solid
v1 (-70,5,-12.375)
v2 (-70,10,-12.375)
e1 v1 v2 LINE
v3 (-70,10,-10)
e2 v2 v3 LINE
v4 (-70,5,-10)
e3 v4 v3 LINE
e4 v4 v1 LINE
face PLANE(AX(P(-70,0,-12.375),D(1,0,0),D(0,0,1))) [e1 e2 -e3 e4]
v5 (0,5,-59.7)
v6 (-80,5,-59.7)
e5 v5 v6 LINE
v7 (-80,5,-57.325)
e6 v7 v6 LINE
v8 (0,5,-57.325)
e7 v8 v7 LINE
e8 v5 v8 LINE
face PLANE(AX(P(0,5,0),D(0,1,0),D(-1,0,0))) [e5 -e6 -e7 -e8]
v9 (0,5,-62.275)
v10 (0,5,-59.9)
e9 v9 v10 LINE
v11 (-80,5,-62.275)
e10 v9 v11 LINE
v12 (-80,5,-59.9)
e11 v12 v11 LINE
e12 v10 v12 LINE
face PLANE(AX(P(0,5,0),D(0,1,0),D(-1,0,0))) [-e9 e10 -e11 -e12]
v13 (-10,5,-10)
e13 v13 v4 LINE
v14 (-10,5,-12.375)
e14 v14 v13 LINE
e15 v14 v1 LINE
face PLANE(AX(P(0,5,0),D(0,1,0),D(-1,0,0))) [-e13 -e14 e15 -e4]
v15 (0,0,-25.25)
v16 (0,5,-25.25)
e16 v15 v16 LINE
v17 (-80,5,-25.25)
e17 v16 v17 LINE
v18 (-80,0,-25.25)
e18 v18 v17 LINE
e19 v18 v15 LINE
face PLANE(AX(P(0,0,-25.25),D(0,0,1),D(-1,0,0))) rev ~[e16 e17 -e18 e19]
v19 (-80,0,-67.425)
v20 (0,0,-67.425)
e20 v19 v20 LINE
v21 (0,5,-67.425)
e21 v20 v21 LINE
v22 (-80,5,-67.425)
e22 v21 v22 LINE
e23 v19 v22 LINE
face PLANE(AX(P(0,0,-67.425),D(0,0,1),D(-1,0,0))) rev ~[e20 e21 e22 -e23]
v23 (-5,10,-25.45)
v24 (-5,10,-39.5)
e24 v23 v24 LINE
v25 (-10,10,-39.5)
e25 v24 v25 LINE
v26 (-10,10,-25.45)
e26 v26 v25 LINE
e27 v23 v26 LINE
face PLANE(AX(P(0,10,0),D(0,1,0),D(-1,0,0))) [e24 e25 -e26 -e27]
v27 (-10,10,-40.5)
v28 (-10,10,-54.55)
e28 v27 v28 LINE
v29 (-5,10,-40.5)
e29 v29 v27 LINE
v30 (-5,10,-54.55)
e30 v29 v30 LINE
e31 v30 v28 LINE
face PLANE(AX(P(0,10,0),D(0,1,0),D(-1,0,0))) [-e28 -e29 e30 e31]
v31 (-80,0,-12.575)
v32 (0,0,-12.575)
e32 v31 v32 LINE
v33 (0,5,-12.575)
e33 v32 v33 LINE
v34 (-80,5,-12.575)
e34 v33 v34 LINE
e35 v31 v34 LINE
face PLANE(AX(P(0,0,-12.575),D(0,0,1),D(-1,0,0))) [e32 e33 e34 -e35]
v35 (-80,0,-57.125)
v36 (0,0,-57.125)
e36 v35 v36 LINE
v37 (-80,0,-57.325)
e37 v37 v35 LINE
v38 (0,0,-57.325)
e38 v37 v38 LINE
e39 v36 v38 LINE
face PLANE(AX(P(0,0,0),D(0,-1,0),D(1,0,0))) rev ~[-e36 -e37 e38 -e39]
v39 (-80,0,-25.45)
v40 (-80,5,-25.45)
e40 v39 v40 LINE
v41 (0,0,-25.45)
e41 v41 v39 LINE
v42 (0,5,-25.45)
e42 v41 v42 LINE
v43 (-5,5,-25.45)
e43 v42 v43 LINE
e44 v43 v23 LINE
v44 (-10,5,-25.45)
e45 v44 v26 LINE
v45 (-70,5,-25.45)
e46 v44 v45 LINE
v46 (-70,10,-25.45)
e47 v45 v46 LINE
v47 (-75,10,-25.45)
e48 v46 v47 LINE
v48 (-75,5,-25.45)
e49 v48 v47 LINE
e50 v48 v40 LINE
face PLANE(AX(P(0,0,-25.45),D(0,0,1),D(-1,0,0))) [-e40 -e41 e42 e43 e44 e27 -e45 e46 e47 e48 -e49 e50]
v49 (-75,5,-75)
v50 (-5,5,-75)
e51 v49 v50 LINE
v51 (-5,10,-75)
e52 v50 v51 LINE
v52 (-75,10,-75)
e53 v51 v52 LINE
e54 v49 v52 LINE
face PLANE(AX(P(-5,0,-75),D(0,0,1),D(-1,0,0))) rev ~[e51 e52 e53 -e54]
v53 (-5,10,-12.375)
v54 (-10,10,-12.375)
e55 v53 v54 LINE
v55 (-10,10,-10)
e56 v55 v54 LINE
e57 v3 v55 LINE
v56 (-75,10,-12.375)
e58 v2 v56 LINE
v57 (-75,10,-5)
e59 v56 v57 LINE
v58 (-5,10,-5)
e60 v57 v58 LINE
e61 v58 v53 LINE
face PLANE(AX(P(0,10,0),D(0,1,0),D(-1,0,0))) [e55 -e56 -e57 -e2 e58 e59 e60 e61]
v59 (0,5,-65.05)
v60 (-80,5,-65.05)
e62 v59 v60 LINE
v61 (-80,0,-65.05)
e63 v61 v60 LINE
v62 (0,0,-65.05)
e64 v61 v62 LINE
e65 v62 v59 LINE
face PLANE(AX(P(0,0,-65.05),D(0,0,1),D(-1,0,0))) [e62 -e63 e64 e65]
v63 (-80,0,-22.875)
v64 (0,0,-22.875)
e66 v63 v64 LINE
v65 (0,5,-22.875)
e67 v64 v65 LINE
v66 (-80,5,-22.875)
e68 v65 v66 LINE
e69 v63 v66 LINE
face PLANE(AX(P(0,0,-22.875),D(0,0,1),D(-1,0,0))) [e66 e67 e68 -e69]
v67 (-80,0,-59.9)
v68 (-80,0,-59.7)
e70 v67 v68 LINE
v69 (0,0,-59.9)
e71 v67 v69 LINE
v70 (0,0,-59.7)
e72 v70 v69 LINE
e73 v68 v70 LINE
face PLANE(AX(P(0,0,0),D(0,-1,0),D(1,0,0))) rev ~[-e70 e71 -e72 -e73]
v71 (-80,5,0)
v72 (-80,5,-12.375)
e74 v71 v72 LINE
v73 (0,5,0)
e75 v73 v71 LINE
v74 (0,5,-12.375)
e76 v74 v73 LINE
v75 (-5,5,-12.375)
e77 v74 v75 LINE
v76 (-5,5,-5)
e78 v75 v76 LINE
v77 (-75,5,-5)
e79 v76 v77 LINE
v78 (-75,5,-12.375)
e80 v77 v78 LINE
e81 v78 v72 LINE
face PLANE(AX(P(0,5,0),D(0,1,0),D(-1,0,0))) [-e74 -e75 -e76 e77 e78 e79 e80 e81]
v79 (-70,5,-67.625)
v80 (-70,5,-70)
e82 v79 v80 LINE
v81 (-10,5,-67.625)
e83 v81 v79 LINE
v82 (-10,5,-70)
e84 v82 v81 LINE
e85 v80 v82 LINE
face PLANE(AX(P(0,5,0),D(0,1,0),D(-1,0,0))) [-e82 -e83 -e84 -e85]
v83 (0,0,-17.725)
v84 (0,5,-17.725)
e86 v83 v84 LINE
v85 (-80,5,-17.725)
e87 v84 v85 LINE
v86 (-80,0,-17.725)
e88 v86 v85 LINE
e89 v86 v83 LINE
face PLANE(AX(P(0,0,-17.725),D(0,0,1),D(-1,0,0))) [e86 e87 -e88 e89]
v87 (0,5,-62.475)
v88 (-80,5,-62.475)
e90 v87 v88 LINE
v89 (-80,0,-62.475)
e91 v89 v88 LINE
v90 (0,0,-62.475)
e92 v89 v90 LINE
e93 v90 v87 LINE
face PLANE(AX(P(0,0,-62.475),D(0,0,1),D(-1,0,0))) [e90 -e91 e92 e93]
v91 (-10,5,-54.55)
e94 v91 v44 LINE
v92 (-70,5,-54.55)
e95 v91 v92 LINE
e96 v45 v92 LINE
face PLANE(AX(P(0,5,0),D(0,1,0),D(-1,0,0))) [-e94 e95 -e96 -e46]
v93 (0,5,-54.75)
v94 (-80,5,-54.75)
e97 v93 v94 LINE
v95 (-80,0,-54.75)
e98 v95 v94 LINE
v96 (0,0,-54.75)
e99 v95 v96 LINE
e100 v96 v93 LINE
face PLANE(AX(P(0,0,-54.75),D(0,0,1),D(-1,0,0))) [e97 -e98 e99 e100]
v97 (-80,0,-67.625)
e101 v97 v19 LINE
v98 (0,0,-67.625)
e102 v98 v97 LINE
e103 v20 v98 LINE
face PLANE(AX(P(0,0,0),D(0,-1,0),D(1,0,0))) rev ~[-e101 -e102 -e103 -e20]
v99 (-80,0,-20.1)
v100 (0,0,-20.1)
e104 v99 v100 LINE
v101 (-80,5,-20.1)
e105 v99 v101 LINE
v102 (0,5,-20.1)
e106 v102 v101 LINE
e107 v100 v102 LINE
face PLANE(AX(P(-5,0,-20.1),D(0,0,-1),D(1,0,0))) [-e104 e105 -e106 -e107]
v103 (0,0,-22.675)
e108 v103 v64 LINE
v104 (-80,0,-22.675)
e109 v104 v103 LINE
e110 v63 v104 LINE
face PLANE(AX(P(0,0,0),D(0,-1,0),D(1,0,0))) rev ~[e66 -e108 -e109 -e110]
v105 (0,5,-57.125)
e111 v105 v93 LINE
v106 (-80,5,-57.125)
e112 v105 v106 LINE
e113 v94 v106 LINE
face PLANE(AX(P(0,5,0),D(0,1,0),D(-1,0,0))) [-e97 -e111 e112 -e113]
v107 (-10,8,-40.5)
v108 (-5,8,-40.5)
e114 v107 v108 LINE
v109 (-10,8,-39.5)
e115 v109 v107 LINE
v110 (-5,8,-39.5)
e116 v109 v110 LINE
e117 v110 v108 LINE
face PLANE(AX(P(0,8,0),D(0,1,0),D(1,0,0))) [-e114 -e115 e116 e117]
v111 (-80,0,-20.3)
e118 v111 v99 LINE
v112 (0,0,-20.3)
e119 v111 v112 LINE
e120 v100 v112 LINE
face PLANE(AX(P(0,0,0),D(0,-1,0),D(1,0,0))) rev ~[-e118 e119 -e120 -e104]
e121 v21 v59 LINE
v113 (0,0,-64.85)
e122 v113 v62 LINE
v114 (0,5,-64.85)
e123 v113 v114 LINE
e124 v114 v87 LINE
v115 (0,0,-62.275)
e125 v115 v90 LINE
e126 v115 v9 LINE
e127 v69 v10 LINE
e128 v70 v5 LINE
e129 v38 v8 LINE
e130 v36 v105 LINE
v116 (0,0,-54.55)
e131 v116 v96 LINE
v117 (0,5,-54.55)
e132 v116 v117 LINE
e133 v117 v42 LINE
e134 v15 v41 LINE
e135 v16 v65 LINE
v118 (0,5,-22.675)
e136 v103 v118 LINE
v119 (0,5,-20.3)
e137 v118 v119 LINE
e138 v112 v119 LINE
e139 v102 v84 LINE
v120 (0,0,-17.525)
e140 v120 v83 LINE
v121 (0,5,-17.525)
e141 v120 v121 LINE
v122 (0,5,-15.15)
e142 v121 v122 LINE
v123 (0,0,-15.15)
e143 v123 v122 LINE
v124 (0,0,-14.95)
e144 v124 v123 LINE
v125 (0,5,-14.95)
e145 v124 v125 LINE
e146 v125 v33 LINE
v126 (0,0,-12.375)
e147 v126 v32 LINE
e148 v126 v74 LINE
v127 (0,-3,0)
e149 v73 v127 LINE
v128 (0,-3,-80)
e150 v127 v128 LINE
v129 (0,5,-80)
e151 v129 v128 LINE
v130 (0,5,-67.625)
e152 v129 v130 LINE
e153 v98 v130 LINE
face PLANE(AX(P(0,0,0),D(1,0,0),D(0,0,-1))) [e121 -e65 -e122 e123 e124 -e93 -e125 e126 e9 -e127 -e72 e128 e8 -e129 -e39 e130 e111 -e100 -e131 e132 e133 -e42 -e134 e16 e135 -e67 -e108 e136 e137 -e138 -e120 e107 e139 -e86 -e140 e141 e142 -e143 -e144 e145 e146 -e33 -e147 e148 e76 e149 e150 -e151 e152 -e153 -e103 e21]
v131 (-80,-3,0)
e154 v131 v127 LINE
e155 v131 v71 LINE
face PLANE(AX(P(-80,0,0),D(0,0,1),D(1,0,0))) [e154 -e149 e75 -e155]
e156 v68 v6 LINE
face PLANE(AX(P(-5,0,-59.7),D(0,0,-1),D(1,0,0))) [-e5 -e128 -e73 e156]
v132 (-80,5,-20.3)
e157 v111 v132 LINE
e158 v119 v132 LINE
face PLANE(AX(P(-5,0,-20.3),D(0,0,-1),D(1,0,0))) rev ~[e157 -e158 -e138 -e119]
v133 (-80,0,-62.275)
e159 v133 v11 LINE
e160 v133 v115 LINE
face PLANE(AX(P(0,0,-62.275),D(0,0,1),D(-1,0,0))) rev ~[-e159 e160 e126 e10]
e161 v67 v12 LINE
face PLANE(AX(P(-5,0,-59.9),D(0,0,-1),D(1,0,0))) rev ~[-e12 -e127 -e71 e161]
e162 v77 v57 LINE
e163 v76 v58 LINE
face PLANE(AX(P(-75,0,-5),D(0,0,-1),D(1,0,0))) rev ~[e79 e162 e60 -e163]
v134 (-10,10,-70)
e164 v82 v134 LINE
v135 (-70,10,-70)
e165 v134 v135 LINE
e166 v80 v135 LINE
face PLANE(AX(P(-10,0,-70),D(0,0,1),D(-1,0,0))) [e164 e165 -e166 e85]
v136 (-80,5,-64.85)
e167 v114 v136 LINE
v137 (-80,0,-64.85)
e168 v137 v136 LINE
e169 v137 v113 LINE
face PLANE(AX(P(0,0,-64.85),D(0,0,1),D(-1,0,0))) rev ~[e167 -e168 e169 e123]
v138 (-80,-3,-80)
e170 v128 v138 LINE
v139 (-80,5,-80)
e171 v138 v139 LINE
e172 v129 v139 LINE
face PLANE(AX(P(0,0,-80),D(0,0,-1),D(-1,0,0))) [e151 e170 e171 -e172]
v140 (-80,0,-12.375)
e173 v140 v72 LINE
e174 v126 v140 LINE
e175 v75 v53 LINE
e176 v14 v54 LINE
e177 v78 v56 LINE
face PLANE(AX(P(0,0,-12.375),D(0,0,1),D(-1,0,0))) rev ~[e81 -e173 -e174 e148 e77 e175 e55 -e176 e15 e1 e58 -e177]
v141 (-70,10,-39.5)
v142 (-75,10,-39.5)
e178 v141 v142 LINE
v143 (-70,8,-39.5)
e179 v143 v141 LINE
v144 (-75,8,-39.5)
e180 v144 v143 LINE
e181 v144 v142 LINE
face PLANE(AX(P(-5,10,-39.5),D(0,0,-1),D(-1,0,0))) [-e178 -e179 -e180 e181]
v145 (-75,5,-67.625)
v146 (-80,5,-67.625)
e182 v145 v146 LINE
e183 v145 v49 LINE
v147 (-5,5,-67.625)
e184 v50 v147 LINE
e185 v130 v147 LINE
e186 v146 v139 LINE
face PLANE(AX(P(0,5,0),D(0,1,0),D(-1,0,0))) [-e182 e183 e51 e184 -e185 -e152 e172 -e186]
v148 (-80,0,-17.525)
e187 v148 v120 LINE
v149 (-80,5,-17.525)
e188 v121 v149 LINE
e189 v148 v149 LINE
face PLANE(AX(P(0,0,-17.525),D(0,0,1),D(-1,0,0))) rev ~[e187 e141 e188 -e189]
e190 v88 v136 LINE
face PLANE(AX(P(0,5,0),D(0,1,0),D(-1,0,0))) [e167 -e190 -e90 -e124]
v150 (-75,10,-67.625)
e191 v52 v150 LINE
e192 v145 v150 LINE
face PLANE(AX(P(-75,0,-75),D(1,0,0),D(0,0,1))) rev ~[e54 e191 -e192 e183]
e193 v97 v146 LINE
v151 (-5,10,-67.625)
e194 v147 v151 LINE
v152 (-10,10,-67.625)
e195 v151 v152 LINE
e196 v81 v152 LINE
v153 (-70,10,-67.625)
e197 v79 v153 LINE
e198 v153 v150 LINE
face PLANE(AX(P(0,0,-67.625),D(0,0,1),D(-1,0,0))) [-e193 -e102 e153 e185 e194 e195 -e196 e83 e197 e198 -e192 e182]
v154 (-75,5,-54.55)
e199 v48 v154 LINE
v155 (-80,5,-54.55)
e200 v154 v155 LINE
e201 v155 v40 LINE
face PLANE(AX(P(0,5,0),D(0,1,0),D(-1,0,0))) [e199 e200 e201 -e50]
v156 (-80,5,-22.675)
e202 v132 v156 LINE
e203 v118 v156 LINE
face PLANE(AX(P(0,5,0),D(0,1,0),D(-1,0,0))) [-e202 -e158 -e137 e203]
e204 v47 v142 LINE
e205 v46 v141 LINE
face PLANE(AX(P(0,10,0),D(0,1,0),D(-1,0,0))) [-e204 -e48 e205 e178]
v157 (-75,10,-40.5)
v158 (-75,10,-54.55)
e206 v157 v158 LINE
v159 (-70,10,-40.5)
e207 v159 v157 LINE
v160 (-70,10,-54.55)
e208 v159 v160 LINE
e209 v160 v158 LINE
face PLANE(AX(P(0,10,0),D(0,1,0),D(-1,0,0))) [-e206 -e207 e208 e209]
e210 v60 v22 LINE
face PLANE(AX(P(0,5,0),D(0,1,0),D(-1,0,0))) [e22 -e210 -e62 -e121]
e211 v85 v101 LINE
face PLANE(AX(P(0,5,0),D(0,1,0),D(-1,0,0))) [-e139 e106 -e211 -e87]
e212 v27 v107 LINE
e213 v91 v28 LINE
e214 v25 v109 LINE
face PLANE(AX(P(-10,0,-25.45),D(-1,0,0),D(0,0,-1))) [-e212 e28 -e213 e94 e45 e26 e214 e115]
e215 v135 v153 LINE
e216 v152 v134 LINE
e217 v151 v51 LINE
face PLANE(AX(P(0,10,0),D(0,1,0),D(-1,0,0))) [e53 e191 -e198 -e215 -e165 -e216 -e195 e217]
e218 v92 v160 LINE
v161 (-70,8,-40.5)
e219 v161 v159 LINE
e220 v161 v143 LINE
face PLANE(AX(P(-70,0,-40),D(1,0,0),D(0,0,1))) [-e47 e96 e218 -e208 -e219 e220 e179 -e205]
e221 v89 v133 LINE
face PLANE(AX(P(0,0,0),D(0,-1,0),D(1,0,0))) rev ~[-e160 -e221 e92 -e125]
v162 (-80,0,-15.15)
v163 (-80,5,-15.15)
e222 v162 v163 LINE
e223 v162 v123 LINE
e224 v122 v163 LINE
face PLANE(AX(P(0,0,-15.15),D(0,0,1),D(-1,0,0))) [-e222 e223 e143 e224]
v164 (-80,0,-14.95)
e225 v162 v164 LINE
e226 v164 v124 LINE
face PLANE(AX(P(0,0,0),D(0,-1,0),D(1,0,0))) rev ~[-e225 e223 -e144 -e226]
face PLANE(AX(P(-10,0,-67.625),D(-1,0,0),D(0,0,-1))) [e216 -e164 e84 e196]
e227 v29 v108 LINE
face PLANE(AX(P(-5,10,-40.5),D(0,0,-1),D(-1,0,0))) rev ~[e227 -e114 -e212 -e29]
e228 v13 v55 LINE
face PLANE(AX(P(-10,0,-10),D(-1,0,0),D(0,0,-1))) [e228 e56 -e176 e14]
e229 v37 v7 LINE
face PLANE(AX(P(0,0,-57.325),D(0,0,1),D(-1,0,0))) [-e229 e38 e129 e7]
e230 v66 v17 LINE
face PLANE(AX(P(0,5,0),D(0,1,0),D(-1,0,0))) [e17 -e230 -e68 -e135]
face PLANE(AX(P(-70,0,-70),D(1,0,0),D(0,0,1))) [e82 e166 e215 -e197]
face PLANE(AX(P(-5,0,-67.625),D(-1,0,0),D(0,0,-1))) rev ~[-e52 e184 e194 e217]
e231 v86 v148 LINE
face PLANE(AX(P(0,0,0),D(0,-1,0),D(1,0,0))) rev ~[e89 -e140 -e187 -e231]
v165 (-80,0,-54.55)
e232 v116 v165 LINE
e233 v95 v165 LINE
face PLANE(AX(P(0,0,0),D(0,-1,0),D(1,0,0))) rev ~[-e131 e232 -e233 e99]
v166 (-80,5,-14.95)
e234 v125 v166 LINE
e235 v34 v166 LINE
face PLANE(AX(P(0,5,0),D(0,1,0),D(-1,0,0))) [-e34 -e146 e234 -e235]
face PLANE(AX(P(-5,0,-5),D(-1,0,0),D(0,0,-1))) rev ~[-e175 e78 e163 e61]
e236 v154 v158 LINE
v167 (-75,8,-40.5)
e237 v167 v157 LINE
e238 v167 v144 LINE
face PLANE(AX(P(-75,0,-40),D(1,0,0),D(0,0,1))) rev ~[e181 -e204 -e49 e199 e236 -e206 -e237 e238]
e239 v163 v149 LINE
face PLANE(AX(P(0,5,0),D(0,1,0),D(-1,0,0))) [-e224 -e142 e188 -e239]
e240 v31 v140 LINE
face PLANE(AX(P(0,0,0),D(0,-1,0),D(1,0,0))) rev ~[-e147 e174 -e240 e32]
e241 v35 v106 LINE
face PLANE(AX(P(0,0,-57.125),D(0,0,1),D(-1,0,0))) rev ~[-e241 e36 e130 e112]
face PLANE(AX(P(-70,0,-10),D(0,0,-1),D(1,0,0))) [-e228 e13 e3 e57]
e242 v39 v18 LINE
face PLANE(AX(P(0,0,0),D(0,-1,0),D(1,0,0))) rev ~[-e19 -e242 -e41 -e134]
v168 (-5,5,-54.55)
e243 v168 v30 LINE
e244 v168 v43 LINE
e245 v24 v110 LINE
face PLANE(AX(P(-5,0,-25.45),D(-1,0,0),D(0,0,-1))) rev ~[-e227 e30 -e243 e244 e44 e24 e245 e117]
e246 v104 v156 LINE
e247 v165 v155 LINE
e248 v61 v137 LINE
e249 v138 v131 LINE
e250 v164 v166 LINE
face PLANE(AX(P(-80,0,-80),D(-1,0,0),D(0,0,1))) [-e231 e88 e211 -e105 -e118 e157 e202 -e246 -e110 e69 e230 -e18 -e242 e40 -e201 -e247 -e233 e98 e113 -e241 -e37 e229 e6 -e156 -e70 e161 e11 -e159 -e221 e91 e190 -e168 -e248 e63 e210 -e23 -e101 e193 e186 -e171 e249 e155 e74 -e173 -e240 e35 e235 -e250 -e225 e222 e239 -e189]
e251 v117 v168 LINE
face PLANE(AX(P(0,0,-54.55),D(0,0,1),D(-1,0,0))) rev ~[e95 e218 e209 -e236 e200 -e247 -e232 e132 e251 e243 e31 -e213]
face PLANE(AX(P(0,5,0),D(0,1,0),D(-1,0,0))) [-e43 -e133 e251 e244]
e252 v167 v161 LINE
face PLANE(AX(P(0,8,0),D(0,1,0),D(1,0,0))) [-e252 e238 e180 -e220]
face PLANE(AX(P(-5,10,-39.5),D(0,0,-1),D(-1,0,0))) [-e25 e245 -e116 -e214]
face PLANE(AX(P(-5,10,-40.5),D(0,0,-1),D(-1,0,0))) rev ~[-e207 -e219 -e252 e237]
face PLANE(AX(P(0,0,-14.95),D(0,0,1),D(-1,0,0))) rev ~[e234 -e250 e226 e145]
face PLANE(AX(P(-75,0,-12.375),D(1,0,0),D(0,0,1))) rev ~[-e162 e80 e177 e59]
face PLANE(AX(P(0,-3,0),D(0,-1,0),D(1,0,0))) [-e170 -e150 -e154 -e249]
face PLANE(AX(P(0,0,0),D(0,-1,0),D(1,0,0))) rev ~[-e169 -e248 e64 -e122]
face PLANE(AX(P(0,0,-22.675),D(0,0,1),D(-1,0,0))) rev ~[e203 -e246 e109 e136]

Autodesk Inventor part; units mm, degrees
ref_plane "YZ Plane" through (0, 0, 0) normal (1, 0, 0) x (0, 1, 0)
ref_plane "XZ Plane" through (0, 0, 0) normal (0, 1, 0) x (-1, 0, 0)
ref_plane "XY Plane" through (0, 0, 0) normal (0, 0, 1) x (1, 0, 0)
sketch "Boceto1" plane through (0, 0, 0) normal (0, 1, 0) x (-1, 0, 0)
  line L0 (0, 0) -> (80, 0)
  line L1 (80, 0) -> (80, -80)
  line L2 (80, -80) -> (0, -80)
  line L3 (0, -80) -> (0, 0)
  line L4 (10, -70) -> (70, -70)
  line L5 (70, -70) -> (70, -10)
  line L6 (70, -10) -> (10, -10)
  line L7 (10, -10) -> (10, -70)
  line L8 (0, -12.375) -> (80, -12.375)
  line L9 (0, -14.95) -> (80, -14.95)
  line L10 (0, -17.525) -> (80, -17.525)
  line L11 (80, -20.1) -> (0, -20.1)
  line L12 (0, -22.675) -> (80, -22.675)
  line L13 (0, -12.575) -> (80, -12.575)
  line L14 (0, -15.15) -> (80, -15.15)
  line L15 (0, -17.725) -> (80, -17.725)
  line L16 (80, -20.3) -> (0, -20.3)
  line L17 (0, -22.875) -> (80, -22.875)
  line L18 (0, -25.25) -> (80, -25.25)
  line L19 (0, -25.45) -> (80, -25.45)
  line L20 (10, -40) -> (80, -40)
  line L21 (0, -67.625) -> (80, -67.625)
  line L22 (0, -65.05) -> (80, -65.05)
  line L23 (0, -62.475) -> (80, -62.475)
  line L24 (80, -59.9) -> (0, -59.9)
  line L25 (0, -57.325) -> (80, -57.325)
  line L26 (0, -67.425) -> (80, -67.425)
  line L27 (0, -64.85) -> (80, -64.85)
  line L28 (0, -62.275) -> (80, -62.275)
  line L29 (80, -59.7) -> (0, -59.7)
  line L30 (0, -57.125) -> (80, -57.125)
  line L31 (0, -54.75) -> (80, -54.75)
  line L32 (0, -54.55) -> (80, -54.55)
  line L33 (75, -5) -> (5, -5)
  line L34 (5, -5) -> (5, -75)
  line L35 (5, -75) -> (75, -75)
  line L36 (75, -75) -> (75, -5)
  line L37 (5, 0) -> (0, 0)
  line L38 (5, -80) -> (0, -80)
  point P0 (10, -12.375)
  point P1 (70, -12.375)
  point P2 (10, -14.95)
  point P3 (70, -14.95)
  point P4 (10, -17.525)
  point P5 (70, -17.525)
  point P6 (70, -20.1)
  point P7 (10, -20.1)
  point P8 (10, -22.675)
  point P9 (70, -22.675)
  point P10 (10, -12.575)
  point P11 (70, -12.575)
  point P12 (10, -15.15)
  point P13 (70, -15.15)
  point P14 (10, -17.725)
  point P15 (70, -17.725)
  point P16 (70, -20.3)
  point P17 (10, -20.3)
  point P18 (10, -22.875)
  point P19 (70, -22.875)
  point P20 (10, -25.25)
  point P21 (70, -25.25)
  point P22 (10, -25.45)
  point P23 (70, -25.45)
  point P24 (10, -67.625)
  point P25 (70, -67.625)
  point P26 (10, -65.05)
  point P27 (70, -65.05)
  point P28 (10, -62.475)
  point P29 (70, -62.475)
  point P30 (70, -59.9)
  point P31 (10, -59.9)
  point P32 (10, -57.325)
  point P33 (70, -57.325)
  point P34 (10, -67.425)
  point P35 (70, -67.425)
  point P36 (10, -64.85)
  point P37 (70, -64.85)
  point P38 (10, -62.275)
  point P39 (70, -62.275)
  point P40 (70, -59.7)
  point P41 (10, -59.7)
  point P42 (10, -57.125)
  point P43 (70, -57.125)
  point P44 (10, -54.75)
  point P45 (70, -54.75)
  point P46 (10, -54.55)
  point P47 (70, -54.55)
  point P48 (75, -12.375)
  point P49 (5, -12.375)
  point P50 (75, -54.55)
  point P51 (75, -25.45)
  point P52 (70, -25.45)
  point P53 (70, -54.55)
  point P54 (5, -25.45)
  point P55 (5, -54.55)
  point P56 (10, -54.55)
  point P57 (10, -25.45)
  point P58 (10, -67.625)
  point P59 (5, -67.625)
  point P60 (75, -67.625)
  point P61 (70, -67.625)
  dimension "d0" = 80
  dimension "d1" = 80
  dimension "d2" = 60
  dimension "d3" = 60
  dimension "d4" = 10
  dimension "d5" = 10
  dimension "d6" = 2.375
  dimension "d7" = 0.2
  dimension "d8" = 2.375
  dimension "d9" = 0.2
  dimension "d10" = 0.2
  dimension "d11" = 0.2
  dimension "d12" = 0.2
  dimension "d13" = 2.375
  dimension "d14" = 2.375
  dimension "d15" = 2.375
  dimension "d16" = 2.375
  dimension "d17" = 0.2
  dimension "d26" = 5
extrude "Extrusión1" add sketch "Boceto1" along normal blind 5 contours L0 L1 L8 L36 L33 L34 L3 | L13 L34 L9 L3 | L34 L33 L36 L8 L5 L6 L7 | L13 L7 L9 L34 | L7 L6 L5 L8 | L1 L9 L36 L13 | L14 L34 L10 L3 | L13 L5 L9 L7 | L36 L9 L5 L13 | L14 L7 L10 L34 | L1 L10 L36 L14 | L15 L34 L11 L3 | L14 L5 L10 L7 | L36 L10 L5 L14 | L15 L7 L11 L34 | L1 L11 L36 L15 | L16 L34 L12 L3 | L15 L5 L11 L7 | L36 L11 L5 L15 | L16 L7 L12 L34 | L1 L12 L36 L16 | L17 L34 L18 L3 | L16 L5 L12 L7 | L36 L12 L5 L16 | L17 L7 L18 L34 | L1 L18 L36 L17 | L19 L34 L32 L3 | L17 L5 L18 L7 | L36 L18 L5 L17 | L19 L7 L32 L34 | L1 L20 L36 L19 | L31 L34 L30 L3 | L19 L5 L20 L7 | L1 L32 L36 L20 | L36 L20 L5 L19 | L31 L7 L30 L34 | L7 L20 L5 L32 | L36 L32 L5 L20 | L25 L34 L29 L3 | L31 L5 L30 L7 | L1 L30 L36 L31 | L25 L7 L29 L34 | L31 L36 L30 L5 | L24 L34 L28 L3 | L25 L5 L29 L7 | L1 L29 L36 L25 | L24 L7 L28 L34 | L25 L36 L29 L5 | L23 L34 L27 L3 | L24 L5 L28 L7 | L1 L28 L36 L24 | L23 L7 L27 L34 | L24 L36 L28 L5 | L22 L34 L26 L3 | L23 L5 L27 L7 | L1 L27 L36 L23 | L22 L7 L26 L34 | L23 L36 L27 L5 | L21 L34 L35 L36 L1 L2 L3 | L22 L5 L26 L7 | L1 L26 L36 L22 | L21 L7 L4 L5 L36 L35 L34 | L22 L36 L26 L5 | L21 L5 L4 L7
sketch "Boceto2" plane through (0, 0, 0) normal (0, -1, 0) x (1, 0, 0)
  line L0 (0, -80) -> (-80, -80) projected
  line L1 (-80, 0) -> (0, 0) projected
  line L2 (-80, -80) -> (-80, 0)
  line L3 (-80, 0) -> (0, 0)
  line L4 (-80, -65.05) -> (0, -65.05) construction
  line L5 (0, 0) -> (0, -80)
  line L6 (-80, -80) -> (0, -80)
extrude "Extrusión4" add sketch "Boceto2" along normal blind 3
extrude "Extrusión5" add sketch "Boceto1" along normal blind 10 contours L34 L33 L36 L8 L5 L6 L7 | L19 L7 L32 L34 | L36 L20 L5 L19 | L36 L32 L5 L20 | L21 L7 L4 L5 L36 L35 L34
sketch "Boceto3" plane through (0, 10, 0) normal (0, 1, 0) x (1, 0, 0)
  line L0 (-5, 25.45) -> (-5, 54.55) projected
  line L1 (-5, 40) -> (-84.1767, 40)
  line L2 (-5, 39.5) -> (-84.1767, 39.5)
  line L3 (-5, 40.5) -> (-84.1767, 40.5)
  line L4 (-10, 54.55) -> (-10, 25.45) projected
  line L5 (-5, 40.5) -> (-5, 39.5)
  line L6 (-84.1767, 40.5) -> (-84.1767, 39.5)
  point P0 (0, 0)
  point P1 (-10, 40)
  point P2 (-10, 39.5)
  point P3 (-10, 40.5)
  dimension "d31" = 0.5
  dimension "d32" = 0.5
extrude "Extrusión6" cut sketch "Boceto3" against normal blind 2
equation "\"d8\" = d6"
equation "\"d9\" = d7"
equation "\"d10\" = d9"
equation "\"d11\" = d7"
equation "\"d12\" = d7"
equation "\"d13\" = d6"
equation "\"d14\" = d6"
equation "\"d15\" = d6"
equation "\"d16\" = d6"
equation "\"d17\" = d7"
properties part number "Cortador Ancho PDMS"
